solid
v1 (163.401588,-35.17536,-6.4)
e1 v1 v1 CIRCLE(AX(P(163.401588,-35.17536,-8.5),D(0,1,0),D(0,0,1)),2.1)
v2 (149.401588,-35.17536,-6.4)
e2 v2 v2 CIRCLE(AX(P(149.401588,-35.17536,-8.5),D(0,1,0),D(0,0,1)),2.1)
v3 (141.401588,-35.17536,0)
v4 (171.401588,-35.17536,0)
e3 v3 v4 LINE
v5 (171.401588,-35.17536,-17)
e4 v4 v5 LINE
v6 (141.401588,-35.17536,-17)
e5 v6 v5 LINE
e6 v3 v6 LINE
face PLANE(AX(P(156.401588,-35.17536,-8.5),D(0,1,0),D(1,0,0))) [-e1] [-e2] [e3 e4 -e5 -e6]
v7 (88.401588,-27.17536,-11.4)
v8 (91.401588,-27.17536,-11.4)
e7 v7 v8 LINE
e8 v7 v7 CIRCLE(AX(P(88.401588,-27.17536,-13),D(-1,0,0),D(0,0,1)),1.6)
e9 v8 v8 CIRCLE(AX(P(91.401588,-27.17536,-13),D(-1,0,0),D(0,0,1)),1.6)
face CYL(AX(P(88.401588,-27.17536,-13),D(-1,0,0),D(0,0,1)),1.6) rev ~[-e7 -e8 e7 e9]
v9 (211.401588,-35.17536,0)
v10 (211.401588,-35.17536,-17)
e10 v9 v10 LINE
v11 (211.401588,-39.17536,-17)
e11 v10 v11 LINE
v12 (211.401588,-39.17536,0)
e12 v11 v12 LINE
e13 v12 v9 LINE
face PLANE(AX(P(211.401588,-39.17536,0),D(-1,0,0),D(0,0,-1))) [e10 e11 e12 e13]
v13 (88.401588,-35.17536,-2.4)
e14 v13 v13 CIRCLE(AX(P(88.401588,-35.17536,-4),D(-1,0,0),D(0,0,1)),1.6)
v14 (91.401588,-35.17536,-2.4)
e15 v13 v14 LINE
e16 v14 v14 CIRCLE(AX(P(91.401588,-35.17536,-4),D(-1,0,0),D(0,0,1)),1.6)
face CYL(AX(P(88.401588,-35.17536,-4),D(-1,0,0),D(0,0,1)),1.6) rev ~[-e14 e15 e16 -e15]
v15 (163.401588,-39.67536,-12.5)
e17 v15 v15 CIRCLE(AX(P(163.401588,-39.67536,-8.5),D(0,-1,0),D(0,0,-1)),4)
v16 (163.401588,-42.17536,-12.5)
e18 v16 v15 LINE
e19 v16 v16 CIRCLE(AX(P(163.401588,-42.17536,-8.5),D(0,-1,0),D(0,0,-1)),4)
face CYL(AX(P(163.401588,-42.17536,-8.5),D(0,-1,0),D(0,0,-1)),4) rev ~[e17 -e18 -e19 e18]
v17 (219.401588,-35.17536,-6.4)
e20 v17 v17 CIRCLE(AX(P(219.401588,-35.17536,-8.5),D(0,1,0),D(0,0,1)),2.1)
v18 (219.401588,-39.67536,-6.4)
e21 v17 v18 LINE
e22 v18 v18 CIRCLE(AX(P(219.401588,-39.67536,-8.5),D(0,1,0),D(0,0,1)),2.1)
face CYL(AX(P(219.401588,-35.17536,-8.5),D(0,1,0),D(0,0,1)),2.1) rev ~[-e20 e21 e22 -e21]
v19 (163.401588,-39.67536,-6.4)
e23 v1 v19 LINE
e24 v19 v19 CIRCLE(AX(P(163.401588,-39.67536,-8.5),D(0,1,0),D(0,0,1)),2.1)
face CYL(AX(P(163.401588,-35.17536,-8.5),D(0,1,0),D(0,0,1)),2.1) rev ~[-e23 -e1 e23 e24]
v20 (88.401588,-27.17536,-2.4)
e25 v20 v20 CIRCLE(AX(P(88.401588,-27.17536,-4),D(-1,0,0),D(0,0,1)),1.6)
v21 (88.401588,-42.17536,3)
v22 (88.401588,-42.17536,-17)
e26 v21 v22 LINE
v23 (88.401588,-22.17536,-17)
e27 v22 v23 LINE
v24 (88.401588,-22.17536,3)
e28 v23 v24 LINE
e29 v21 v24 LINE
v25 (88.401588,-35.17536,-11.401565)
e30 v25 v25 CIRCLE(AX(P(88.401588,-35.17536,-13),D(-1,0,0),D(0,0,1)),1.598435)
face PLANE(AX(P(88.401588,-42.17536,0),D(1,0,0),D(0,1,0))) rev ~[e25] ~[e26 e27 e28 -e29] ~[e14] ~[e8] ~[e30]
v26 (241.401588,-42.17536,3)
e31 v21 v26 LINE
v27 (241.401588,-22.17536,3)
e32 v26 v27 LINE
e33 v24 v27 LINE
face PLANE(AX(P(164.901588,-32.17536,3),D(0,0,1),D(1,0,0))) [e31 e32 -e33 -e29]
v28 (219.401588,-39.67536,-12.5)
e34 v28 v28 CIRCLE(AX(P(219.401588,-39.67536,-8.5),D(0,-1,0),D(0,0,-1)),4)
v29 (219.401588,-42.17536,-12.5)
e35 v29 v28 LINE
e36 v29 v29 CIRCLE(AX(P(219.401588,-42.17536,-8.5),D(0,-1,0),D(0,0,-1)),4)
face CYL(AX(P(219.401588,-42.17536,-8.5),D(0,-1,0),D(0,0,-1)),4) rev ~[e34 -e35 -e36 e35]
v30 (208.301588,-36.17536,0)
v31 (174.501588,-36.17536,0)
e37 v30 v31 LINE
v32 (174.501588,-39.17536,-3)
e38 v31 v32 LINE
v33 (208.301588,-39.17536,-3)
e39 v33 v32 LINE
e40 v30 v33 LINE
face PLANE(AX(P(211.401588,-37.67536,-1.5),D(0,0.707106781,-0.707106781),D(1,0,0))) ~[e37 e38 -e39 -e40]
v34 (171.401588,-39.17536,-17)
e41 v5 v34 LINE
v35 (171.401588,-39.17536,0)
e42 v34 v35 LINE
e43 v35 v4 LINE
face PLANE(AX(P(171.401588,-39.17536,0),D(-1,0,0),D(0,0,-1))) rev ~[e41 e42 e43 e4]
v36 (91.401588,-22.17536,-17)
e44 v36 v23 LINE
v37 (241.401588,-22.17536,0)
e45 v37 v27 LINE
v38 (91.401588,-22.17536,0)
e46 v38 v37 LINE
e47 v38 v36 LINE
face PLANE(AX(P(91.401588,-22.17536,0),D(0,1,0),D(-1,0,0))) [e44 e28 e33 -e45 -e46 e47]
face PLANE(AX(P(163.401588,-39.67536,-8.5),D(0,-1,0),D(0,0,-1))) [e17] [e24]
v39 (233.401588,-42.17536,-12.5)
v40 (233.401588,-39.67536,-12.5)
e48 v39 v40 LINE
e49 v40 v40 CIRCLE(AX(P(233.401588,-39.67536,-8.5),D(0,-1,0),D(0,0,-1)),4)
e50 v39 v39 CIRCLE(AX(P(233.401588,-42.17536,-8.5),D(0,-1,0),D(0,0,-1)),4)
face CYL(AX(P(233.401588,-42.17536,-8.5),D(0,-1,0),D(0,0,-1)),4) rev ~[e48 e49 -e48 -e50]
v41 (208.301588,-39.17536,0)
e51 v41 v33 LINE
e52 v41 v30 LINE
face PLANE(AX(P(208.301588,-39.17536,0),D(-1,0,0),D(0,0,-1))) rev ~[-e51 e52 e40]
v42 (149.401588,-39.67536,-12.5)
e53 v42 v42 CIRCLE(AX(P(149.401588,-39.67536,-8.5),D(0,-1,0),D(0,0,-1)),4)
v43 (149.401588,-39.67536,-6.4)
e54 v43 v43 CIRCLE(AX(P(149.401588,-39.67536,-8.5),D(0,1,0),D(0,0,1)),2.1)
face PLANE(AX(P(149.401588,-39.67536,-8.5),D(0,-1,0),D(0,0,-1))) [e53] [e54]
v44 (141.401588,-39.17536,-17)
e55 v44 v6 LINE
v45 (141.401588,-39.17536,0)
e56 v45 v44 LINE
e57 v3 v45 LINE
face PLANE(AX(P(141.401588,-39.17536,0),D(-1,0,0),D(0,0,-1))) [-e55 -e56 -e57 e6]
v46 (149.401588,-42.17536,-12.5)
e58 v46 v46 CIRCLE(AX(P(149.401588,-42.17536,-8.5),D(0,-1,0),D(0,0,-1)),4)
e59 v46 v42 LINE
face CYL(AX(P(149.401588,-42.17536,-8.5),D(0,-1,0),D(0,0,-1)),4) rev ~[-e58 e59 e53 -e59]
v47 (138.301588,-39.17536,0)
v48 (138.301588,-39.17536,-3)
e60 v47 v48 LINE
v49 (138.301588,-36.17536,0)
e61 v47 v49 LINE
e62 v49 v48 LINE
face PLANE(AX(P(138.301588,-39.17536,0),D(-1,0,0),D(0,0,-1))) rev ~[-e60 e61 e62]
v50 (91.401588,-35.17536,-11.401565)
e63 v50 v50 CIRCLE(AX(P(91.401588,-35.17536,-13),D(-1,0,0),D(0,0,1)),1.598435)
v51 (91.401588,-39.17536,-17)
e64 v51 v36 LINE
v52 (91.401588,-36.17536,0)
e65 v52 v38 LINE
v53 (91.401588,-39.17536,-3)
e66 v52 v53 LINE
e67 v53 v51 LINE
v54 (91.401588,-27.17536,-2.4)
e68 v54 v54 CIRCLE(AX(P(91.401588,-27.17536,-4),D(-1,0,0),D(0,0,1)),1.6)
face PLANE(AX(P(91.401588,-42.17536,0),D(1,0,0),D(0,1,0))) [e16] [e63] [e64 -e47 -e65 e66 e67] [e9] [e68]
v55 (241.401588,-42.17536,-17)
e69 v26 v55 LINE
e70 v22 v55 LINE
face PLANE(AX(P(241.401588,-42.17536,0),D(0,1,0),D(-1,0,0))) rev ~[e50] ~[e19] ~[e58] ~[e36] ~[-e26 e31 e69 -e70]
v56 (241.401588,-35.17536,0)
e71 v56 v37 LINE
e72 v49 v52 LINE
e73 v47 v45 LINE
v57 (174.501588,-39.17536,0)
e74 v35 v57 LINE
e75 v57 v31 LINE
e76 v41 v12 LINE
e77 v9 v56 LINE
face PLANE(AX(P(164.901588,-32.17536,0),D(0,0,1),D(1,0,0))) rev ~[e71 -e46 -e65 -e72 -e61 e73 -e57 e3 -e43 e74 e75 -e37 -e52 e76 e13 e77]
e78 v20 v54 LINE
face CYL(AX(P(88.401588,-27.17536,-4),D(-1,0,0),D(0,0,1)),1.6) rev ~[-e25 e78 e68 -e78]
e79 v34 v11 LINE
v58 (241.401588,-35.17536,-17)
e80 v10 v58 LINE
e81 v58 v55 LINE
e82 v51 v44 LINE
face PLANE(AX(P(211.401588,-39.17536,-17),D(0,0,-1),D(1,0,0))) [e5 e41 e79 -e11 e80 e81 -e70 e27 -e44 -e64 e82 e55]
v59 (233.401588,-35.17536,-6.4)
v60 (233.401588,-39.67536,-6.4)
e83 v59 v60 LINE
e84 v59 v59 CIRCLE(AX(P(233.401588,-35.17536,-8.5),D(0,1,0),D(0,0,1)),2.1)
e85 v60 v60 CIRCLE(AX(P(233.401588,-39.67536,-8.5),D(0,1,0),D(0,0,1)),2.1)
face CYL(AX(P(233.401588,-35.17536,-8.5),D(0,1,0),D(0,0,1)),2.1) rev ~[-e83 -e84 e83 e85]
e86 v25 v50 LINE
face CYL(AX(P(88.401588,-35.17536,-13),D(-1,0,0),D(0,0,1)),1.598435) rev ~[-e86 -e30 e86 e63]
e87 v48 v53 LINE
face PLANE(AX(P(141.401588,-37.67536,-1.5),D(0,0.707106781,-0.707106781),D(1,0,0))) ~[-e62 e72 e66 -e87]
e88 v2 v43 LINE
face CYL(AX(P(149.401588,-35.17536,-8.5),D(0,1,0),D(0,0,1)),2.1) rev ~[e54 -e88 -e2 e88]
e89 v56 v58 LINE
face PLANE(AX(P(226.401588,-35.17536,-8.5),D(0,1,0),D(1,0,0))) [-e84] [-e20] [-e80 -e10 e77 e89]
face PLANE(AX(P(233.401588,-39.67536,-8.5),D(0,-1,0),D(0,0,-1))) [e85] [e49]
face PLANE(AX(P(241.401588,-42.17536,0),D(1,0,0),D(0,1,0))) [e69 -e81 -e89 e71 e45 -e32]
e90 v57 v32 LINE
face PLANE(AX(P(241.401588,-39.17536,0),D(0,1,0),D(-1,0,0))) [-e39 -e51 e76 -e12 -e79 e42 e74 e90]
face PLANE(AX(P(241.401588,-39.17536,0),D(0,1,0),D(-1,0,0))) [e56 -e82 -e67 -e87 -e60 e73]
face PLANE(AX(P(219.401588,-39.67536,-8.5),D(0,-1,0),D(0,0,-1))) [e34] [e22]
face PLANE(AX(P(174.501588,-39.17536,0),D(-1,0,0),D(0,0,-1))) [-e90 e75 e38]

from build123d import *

# Parameters (mm, degrees)
SKETCH1_W           = 153
SKETCH1_H           = 20
BOSS_EXTRUDE1_DEPTH = 3
SKETCH2_W           = 3
SKETCH2_H           = 20
BOSS_EXTRUDE2_DEPTH = 17
SKETCH3_W           = 150
SKETCH3_H           = 3
BOSS_EXTRUDE3_DEPTH = 17
SKETCH4_R           = 1.6
SKETCH4_R_2         = 1.598435099
CUT_EXTRUDE1_DEPTH  = 10
SKETCH6_W           = 30
SKETCH6_H           = 17
BOSS_EXTRUDE4_DEPTH = 4
SKETCH7_R           = 2.1
CUT_EXTRUDE3_DEPTH  = 243.348358538
SKETCH8_R           = 4
CUT_EXTRUDE4_DEPTH  = 2.5
SKETCH9_W           = 30
SKETCH9_H           = 17
BOSS_EXTRUDE5_DEPTH = 4
SKETCH12_R          = 2.1
CUT_EXTRUDE7_DEPTH  = 243.348358538
SKETCH13_R          = 4
CUT_EXTRUDE8_DEPTH  = 2.5
CHAMFER9_SIZE       = 3
SKETCH15_W          = 3.1
SKETCH15_H          = 17
CUT_EXTRUDE10_DEPTH = 3


with BuildPart() as part:
    # Sketch1 → Boss-Extrude1 (new body)
    with BuildSketch(Plane.XY):
        with Locations((164.901588409, -32.175360178)):
            Rectangle(SKETCH1_W, SKETCH1_H)
    extrude(amount=BOSS_EXTRUDE1_DEPTH)

    # Sketch2 → Boss-Extrude2 (add)
    with BuildSketch(Plane(origin=(0, 0, 0), x_dir=(-1, 0, 0), z_dir=(0, 0, -1))):
        with Locations((-89.901588409, -32.175360178)):
            Rectangle(SKETCH2_W, SKETCH2_H)
    extrude(amount=BOSS_EXTRUDE2_DEPTH)

    # Sketch3 → Boss-Extrude3 (add)
    with BuildSketch(Plane(origin=(0, 0, 0), x_dir=(-1, 0, 0), z_dir=(0, 0, -1))):
        with Locations((-166.401588409, -40.675360178)):
            Rectangle(SKETCH3_W, SKETCH3_H)
    extrude(amount=BOSS_EXTRUDE3_DEPTH)

    # Sketch4 → Cut-Extrude1 (cut)
    with BuildSketch(Plane.ZY.offset(-88.401588409)):
        with Locations((-13, -27.175360178)):
            Circle(SKETCH4_R)
        with Locations((-4, -27.175360178)):
            Circle(SKETCH4_R)
        with Locations((-4, -35.175360178)):
            Circle(SKETCH4_R)
        with Locations((-13, -35.175360178)):
            Circle(SKETCH4_R_2)
    extrude(amount=-CUT_EXTRUDE1_DEPTH, mode=Mode.SUBTRACT)

    # Sketch6 → Boss-Extrude4 (add)
    with BuildSketch(Plane(origin=(0, -39.175360178, 0), x_dir=(1, 0, 0), z_dir=(0, 1, 0))):
        with Locations((226.401588409, 8.5)):
            Rectangle(SKETCH6_W, SKETCH6_H)
    extrude(amount=BOSS_EXTRUDE4_DEPTH)

    # Sketch7 → Cut-Extrude3 (cut, through all)
    with BuildSketch(Plane(origin=(0, -35.175360178, 0), x_dir=(1, 0, 0), z_dir=(0, 1, 0))):
        with Locations(Location((219.401588409, 8.5, 0), (0, 0, 270))):
            Circle(SKETCH7_R)
        with Locations(Location((233.401588409, 8.5, 0), (0, 0, 270))):
            Circle(SKETCH7_R)
    extrude(amount=-CUT_EXTRUDE3_DEPTH, mode=Mode.SUBTRACT)

    # Sketch8 → Cut-Extrude4 (cut)
    with BuildSketch(Plane.XZ.offset(42.175360178)):
        with Locations(Location((219.401588409, -8.5, 0), (0, 0, 270))):
            Circle(SKETCH8_R)
        with Locations(Location((233.401588409, -8.5, 0), (0, 0, 270))):
            Circle(SKETCH8_R)
    extrude(amount=-CUT_EXTRUDE4_DEPTH, mode=Mode.SUBTRACT)

    # Sketch9 → Boss-Extrude5 (add)
    with BuildSketch(Plane(origin=(0, -39.175360178, 0), x_dir=(1, 0, 0), z_dir=(0, 1, 0))):
        with Locations((156.401588409, 8.5)):
            Rectangle(SKETCH9_W, SKETCH9_H)
    extrude(amount=BOSS_EXTRUDE5_DEPTH)

    # Sketch12 → Cut-Extrude7 (cut, through all)
    with BuildSketch(Plane(origin=(0, -35.175360178, 0), x_dir=(1, 0, 0), z_dir=(0, 1, 0))):
        with Locations(Location((163.401588409, 8.5, 0), (0, 0, 270))):
            Circle(SKETCH12_R)
        with Locations(Location((149.401588409, 8.5, 0), (0, 0, 270))):
            Circle(SKETCH12_R)
    extrude(amount=-CUT_EXTRUDE7_DEPTH, mode=Mode.SUBTRACT)

    # Sketch13 → Cut-Extrude8 (cut)
    with BuildSketch(Plane.XZ.offset(42.175360178)):
        with Locations(Location((163.401588409, -8.5, 0), (0, 0, 270))):
            Circle(SKETCH13_R)
        with Locations(Location((149.401588409, -8.5, 0), (0, 0, 270))):
            Circle(SKETCH13_R)
    extrude(amount=-CUT_EXTRUDE8_DEPTH, mode=Mode.SUBTRACT)

    # Chamfer9
    chamfer9_edges = [part.edges().sort_by_distance(p)[0] for p in [
        (116.401588409, -39.175360178, 0),
        (191.401588409, -39.175360178, 0),
    ]]
    chamfer(chamfer9_edges, length=CHAMFER9_SIZE)

    # Sketch15 → Cut-Extrude10 (cut)
    with BuildSketch(Plane(origin=(0, -39.175360178, 0), x_dir=(1, 0, 0), z_dir=(0, 1, 0))):
        with Locations((209.851588409, 8.5)):
            Rectangle(SKETCH15_W, SKETCH15_H)
        with Locations((172.951588409, 8.5)):
            Rectangle(SKETCH15_W, SKETCH15_H)
        with Locations((139.851588409, 8.5)):
            Rectangle(SKETCH15_W, SKETCH15_H)
    extrude(amount=CUT_EXTRUDE10_DEPTH, mode=Mode.SUBTRACT)


solid = part.part
